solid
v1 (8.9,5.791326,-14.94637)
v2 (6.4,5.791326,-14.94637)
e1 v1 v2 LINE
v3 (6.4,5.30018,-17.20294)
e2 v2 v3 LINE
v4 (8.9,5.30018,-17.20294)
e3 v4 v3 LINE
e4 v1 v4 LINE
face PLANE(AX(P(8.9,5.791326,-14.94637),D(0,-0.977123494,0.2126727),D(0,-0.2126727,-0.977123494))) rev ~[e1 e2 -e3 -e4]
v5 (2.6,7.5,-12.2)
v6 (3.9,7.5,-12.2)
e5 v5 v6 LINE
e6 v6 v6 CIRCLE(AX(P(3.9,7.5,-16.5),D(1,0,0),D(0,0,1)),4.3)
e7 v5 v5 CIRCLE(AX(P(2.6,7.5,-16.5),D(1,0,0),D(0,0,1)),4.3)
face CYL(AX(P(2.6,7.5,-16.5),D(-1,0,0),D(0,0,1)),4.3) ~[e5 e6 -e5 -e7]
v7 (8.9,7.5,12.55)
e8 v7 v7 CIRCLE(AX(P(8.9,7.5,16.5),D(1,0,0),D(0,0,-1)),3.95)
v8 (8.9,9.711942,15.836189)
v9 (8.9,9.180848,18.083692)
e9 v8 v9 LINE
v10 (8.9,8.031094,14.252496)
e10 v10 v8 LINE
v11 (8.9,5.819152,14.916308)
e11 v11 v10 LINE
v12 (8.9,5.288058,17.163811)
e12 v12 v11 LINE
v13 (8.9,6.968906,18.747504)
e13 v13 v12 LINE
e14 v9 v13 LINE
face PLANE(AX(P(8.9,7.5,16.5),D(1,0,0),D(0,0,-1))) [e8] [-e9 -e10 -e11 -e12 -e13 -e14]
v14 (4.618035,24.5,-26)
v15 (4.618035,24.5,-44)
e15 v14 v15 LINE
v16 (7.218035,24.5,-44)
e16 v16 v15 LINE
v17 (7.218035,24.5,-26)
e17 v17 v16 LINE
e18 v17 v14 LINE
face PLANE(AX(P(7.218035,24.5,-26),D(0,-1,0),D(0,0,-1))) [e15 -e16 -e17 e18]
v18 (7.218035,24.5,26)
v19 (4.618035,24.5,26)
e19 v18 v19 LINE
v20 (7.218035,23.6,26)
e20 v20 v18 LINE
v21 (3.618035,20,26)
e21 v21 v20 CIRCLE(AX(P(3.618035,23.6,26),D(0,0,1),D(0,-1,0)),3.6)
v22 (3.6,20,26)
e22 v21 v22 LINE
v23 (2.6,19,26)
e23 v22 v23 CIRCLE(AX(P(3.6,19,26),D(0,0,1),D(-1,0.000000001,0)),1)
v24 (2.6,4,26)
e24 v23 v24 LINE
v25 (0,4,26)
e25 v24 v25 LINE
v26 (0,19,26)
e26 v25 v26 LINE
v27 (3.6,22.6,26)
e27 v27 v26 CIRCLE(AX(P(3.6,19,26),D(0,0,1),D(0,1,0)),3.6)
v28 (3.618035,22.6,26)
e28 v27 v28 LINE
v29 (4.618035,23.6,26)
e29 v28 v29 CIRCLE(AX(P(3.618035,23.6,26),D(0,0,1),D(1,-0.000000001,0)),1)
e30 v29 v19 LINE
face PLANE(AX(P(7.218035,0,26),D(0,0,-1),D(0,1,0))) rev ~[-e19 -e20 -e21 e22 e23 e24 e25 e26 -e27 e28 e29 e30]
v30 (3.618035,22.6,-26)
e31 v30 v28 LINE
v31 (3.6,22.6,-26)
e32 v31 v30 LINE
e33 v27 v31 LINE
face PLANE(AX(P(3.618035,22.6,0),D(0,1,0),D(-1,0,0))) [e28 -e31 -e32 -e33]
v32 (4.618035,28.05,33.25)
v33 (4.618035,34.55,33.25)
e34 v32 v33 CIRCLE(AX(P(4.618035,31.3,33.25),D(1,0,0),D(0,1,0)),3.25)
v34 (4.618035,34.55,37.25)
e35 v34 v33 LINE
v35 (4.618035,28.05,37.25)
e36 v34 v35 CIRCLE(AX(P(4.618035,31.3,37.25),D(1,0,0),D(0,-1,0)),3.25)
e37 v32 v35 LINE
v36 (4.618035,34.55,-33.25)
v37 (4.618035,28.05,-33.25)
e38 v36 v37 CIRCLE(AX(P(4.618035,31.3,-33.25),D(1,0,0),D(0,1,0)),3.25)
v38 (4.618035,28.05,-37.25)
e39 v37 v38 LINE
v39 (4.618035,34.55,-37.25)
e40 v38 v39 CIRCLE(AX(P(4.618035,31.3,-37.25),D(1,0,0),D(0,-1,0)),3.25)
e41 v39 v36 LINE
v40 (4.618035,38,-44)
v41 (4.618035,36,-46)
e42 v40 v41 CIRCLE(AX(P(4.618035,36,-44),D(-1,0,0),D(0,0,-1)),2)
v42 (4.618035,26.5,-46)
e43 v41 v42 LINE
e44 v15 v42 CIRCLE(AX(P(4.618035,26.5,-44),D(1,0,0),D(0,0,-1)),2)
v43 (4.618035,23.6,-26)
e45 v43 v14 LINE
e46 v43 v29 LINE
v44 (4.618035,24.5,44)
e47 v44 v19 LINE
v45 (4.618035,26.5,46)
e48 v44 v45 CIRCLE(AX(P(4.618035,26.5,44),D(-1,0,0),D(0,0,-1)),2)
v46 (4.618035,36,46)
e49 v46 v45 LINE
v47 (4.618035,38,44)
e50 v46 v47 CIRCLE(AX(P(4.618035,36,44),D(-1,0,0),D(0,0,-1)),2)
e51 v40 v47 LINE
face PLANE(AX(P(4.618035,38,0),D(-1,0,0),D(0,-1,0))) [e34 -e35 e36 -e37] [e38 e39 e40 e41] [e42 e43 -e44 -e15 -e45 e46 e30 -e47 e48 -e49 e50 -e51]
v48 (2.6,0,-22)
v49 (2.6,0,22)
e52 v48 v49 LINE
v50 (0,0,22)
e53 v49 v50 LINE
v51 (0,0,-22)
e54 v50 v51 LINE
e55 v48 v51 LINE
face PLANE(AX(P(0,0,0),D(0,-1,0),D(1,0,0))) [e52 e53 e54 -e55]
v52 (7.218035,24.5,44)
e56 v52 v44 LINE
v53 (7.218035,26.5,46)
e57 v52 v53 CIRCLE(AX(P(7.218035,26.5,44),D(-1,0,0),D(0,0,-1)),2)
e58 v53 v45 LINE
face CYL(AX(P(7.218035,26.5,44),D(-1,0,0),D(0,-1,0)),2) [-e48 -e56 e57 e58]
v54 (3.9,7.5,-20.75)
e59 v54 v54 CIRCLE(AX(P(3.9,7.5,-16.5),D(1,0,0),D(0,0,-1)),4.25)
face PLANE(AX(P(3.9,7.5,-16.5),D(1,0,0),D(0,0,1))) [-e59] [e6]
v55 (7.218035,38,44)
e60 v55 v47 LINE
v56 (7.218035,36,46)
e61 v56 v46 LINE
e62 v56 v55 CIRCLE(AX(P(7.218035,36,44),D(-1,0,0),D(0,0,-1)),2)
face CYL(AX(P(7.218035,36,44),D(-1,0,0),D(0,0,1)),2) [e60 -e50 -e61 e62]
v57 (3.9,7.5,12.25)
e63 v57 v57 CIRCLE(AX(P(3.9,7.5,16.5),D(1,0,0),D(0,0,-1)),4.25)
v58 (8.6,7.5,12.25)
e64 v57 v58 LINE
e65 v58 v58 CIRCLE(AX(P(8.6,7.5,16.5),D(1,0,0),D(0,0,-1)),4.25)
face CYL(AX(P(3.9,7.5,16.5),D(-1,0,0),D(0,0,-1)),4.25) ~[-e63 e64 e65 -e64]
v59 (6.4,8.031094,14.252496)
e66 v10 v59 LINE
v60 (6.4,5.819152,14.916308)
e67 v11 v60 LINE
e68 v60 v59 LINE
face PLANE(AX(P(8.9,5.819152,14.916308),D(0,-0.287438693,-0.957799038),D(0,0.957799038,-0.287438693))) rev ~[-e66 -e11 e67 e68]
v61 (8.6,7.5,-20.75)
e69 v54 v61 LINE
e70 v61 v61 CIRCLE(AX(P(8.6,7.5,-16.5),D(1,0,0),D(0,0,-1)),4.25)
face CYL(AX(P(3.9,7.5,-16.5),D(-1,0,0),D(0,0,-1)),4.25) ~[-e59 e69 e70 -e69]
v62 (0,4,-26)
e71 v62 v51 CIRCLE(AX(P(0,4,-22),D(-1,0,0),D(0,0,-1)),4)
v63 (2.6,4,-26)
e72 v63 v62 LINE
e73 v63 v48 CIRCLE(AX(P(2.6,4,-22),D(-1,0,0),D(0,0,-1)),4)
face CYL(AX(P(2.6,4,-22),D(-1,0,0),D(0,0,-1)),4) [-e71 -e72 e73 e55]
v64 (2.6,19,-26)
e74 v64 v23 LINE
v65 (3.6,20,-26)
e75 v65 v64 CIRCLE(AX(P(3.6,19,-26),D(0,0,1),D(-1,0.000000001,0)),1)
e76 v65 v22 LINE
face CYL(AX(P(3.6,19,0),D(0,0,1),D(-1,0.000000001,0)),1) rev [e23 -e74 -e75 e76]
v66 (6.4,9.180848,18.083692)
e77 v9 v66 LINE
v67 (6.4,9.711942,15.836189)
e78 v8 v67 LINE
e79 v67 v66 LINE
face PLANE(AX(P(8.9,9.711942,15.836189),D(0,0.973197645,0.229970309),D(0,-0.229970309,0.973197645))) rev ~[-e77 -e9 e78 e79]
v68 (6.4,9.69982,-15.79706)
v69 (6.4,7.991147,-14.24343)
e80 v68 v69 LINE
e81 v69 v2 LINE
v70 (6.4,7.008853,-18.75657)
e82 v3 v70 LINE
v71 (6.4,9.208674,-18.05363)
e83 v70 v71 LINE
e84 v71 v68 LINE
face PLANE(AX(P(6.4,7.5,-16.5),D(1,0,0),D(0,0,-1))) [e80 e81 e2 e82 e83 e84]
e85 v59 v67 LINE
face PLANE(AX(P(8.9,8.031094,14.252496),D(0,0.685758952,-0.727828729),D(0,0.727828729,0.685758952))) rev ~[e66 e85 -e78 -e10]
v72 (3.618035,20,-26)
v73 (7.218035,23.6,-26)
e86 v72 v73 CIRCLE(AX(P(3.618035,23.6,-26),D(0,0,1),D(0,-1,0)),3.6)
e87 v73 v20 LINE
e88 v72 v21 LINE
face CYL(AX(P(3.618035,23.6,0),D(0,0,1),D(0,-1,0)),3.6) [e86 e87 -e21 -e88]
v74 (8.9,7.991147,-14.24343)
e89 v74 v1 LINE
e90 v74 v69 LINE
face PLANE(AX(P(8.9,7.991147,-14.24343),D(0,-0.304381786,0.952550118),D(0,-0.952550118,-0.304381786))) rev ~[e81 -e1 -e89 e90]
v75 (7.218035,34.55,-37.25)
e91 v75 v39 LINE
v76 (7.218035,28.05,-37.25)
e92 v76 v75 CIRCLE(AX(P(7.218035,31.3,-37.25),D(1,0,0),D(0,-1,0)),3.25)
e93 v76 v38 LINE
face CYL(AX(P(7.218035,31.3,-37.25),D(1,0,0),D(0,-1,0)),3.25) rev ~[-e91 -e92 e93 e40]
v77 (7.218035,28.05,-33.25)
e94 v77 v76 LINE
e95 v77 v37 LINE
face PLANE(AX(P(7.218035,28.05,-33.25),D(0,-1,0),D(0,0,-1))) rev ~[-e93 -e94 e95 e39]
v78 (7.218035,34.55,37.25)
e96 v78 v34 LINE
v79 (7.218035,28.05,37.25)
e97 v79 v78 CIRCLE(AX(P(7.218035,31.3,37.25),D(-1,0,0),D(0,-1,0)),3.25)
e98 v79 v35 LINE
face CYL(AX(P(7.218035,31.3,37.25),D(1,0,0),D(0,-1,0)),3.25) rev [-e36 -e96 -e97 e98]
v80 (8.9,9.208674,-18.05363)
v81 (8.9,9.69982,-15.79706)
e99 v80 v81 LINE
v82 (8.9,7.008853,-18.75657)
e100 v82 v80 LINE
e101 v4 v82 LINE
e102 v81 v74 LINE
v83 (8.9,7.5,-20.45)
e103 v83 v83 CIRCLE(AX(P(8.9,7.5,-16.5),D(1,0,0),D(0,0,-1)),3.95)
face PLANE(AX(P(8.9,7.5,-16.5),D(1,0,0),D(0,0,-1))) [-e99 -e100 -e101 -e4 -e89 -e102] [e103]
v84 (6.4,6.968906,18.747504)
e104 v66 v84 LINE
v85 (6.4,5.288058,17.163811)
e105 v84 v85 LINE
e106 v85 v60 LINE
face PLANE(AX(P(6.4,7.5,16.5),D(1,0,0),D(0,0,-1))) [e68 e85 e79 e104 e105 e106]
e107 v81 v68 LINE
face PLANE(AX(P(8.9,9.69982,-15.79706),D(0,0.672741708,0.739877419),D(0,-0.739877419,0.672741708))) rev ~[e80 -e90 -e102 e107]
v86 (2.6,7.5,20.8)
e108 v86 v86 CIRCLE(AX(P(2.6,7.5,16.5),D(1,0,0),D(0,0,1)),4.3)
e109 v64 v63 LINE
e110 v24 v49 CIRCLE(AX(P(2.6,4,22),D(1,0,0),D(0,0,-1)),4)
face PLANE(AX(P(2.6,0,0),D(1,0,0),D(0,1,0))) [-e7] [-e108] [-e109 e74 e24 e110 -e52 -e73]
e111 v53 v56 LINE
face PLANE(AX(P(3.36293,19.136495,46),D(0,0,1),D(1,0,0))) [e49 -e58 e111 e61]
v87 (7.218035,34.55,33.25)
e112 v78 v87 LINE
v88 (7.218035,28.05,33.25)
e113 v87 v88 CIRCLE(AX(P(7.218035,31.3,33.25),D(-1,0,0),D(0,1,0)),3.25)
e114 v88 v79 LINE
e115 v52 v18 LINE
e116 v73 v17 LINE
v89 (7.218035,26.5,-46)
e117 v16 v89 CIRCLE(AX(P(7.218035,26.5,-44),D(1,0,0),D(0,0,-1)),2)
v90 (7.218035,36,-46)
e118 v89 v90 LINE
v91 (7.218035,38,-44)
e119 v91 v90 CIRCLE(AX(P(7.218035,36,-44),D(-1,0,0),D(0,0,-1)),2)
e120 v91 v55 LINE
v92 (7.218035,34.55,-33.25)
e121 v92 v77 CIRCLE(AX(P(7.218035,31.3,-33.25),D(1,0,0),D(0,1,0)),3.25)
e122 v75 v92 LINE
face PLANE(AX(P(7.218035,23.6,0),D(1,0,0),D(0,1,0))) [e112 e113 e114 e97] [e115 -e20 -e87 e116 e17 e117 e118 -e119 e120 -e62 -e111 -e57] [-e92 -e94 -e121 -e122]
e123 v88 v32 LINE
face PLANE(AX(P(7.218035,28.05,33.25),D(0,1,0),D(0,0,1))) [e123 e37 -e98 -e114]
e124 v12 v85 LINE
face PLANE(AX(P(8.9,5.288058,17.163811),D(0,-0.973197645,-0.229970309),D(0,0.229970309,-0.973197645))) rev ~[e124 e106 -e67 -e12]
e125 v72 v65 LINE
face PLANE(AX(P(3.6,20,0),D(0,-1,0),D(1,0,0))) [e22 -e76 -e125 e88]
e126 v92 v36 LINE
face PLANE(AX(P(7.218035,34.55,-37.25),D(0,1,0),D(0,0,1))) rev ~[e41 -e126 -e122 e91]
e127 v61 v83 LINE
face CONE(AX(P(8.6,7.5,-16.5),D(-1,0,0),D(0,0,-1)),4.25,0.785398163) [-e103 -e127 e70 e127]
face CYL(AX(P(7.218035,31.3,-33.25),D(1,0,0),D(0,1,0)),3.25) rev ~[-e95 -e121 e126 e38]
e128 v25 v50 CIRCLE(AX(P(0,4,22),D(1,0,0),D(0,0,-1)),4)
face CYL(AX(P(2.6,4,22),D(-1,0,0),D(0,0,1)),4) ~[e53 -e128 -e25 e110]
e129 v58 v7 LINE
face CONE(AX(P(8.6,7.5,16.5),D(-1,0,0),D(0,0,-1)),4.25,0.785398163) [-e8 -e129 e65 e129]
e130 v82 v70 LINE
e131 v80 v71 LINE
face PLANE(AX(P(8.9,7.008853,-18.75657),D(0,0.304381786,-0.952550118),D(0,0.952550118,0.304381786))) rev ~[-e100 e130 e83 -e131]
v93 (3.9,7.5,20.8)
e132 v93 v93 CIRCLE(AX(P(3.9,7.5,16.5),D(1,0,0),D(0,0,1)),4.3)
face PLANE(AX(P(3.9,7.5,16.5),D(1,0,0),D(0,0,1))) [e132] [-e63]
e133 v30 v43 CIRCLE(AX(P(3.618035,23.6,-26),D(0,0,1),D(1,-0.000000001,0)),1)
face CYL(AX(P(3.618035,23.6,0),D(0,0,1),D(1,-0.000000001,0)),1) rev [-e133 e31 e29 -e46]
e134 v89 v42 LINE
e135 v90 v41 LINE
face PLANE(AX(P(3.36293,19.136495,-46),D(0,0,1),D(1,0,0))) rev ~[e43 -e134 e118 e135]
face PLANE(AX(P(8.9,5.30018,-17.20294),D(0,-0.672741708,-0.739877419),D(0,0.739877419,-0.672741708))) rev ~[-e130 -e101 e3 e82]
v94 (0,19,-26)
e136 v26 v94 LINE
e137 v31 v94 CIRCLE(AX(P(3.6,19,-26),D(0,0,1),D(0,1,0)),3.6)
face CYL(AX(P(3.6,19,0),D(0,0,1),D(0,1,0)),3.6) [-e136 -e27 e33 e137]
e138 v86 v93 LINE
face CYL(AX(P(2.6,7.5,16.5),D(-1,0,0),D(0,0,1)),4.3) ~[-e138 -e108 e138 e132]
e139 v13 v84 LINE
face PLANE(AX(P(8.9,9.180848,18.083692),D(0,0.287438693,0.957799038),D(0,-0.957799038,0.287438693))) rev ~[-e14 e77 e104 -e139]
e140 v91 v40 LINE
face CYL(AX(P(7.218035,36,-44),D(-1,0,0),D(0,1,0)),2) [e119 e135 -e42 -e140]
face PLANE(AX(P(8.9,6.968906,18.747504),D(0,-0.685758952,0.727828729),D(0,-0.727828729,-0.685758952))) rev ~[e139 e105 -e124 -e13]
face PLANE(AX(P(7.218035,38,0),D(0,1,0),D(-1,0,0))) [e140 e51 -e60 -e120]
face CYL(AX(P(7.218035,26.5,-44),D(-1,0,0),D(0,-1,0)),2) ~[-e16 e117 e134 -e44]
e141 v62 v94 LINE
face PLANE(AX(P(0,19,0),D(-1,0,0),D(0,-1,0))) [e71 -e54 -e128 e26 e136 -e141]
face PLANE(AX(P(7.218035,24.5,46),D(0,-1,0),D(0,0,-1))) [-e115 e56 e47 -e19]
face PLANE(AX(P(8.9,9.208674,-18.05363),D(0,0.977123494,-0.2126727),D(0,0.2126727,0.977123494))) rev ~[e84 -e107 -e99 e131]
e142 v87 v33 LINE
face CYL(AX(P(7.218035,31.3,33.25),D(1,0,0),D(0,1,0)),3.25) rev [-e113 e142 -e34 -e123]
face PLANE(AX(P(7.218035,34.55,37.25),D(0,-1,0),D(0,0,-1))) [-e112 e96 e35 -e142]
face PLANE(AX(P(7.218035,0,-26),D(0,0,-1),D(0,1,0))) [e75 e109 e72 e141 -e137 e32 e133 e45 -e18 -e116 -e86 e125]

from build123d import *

# Parameters (mm, degrees)
BOSS_EXTRUDE1_DEPTH = 46
CUT_EXTRUDE1_REACH  = 62.101
SKETCH2_W           = 20
SKETCH2_H           = 24.5
FILLET1_R           = 2
FILLET2_R           = 4
CUT_EXTRUDE2_REACH  = 62.101
SKETCH4_R           = 4.3
BOSS_EXTRUDE2_DEPTH = 1.3
SKETCH5_R           = 4.25
BOSS_EXTRUDE3_DEPTH = 5
CHAMFER1_SIZE       = 0.3
CUT_EXTRUDE3_DEPTH  = 2.5


with BuildPart() as part:
    # Sketch1 → Boss-Extrude1 (new, symmetric)
    with BuildSketch(Plane.XY):
        with BuildLine():
            Line((0, 0), (2.6, 0))
            Line((2.6, 0), (2.6, 19))
            ThreePointArc((2.6, 19), (2.892893219, 19.707106781), (3.6, 20))
            Line((3.6, 20), (3.618034897, 20))
            ThreePointArc((3.618034897, 20), (6.16361931, 21.054415588), (7.218034897, 23.6))
            Line((7.218034897, 23.6), (7.218034897, 38))
            Line((7.218034897, 38), (4.618034897, 38))
            Line((4.618034897, 38), (4.618034897, 23.6))
            ThreePointArc((4.618034897, 23.6), (4.325141678, 22.892893219), (3.618034897, 22.6))
            Line((3.618034897, 22.6), (3.6, 22.6))
            ThreePointArc((3.6, 22.6), (1.054415588, 21.545584412), (0, 19))
            Line((0, 19), (0, 0))
        make_face()
    extrude(amount=BOSS_EXTRUDE1_DEPTH, both=True)

    # Sketch2 → Cut-Extrude1 (cut, up to next)
    with BuildSketch(Plane(origin=(7.218034897, 0, 0), x_dir=(0, 0, -1), z_dir=(1, 0, 0)), mode=Mode.PRIVATE) as cut_extrude1_sk1:
        with Locations((-36, 12.25)):
            Rectangle(SKETCH2_W, SKETCH2_H)
    cut_extrude1_tool1 = extrude(cut_extrude1_sk1.sketch, amount=-CUT_EXTRUDE1_REACH, mode=Mode.PRIVATE) & part.part
    # Sketch2 → Cut-Extrude1 (cut, up to next)
    with BuildSketch(Plane(origin=(7.218034897, 0, 0), x_dir=(0, 0, -1), z_dir=(1, 0, 0)), mode=Mode.PRIVATE) as cut_extrude1_sk2:
        with Locations((36, 12.25)):
            Rectangle(SKETCH2_W, SKETCH2_H)
    cut_extrude1_tool2 = extrude(cut_extrude1_sk2.sketch, amount=-CUT_EXTRUDE1_REACH, mode=Mode.PRIVATE) & part.part
    add(cut_extrude1_tool1.solids().sort_by_distance((7.218035, 12.25, 36))[0], mode=Mode.SUBTRACT)
    add(cut_extrude1_tool2.solids().sort_by_distance((7.218035, 12.25, -36))[0], mode=Mode.SUBTRACT)

    # Fillet1
    fillet1_edges = [part.edges().sort_by_distance(p)[0] for p in [
        (5.918034897, 38, -46),
        (5.918034897, 38, 46),
        (5.918034897, 24.5, 46),
        (5.918034897, 24.5, -46),
    ]]
    fillet(fillet1_edges, radius=FILLET1_R)

    # Fillet2
    fillet2_edges = [part.edges().sort_by_distance(p)[0] for p in [
        (1.3, 0, 26),
        (1.3, 0, -26),
    ]]
    fillet(fillet2_edges, radius=FILLET2_R)

    # Sketch3 → Cut-Extrude2 (cut, up to next)
    with BuildSketch(Plane(origin=(7.218034897, 0, 0), x_dir=(0, 0, -1), z_dir=(1, 0, 0)), mode=Mode.PRIVATE) as cut_extrude2_sk1:
        with BuildLine():
            Line((-37.25, 34.55), (-33.25, 34.55))
            ThreePointArc((-33.25, 34.55), (-30, 31.3), (-33.25, 28.05))
            Line((-33.25, 28.05), (-37.25, 28.05))
            ThreePointArc((-37.25, 28.05), (-40.5, 31.3), (-37.25, 34.55))
        make_face()
    cut_extrude2_tool1 = extrude(cut_extrude2_sk1.sketch, amount=-CUT_EXTRUDE2_REACH, mode=Mode.PRIVATE) & part.part
    # Sketch3 → Cut-Extrude2 (cut, up to next)
    with BuildSketch(Plane(origin=(7.218034897, 0, 0), x_dir=(0, 0, -1), z_dir=(1, 0, 0)), mode=Mode.PRIVATE) as cut_extrude2_sk2:
        with BuildLine():
            Line((37.25, 34.55), (33.25, 34.55))
            ThreePointArc((33.25, 34.55), (30, 31.3), (33.25, 28.05))
            Line((33.25, 28.05), (37.25, 28.05))
            ThreePointArc((37.25, 28.05), (40.5, 31.3), (37.25, 34.55))
        make_face()
    cut_extrude2_tool2 = extrude(cut_extrude2_sk2.sketch, amount=-CUT_EXTRUDE2_REACH, mode=Mode.PRIVATE) & part.part
    add(cut_extrude2_tool1.solids().sort_by_distance((7.218035, 31.3, 35.25))[0], mode=Mode.SUBTRACT)
    add(cut_extrude2_tool2.solids().sort_by_distance((7.218035, 31.3, -35.25))[0], mode=Mode.SUBTRACT)

    # Sketch4 → Boss-Extrude2 (add)
    with BuildSketch(Plane(origin=(2.6, 0, 0), x_dir=(0, 0, -1), z_dir=(1, 0, 0))):
        with Locations(Location((-16.5, 7.5, 0), (0, 0, 180))):
            Circle(SKETCH4_R)
        with Locations(Location((16.5, 7.5, 0), (0, 0, 180))):
            Circle(SKETCH4_R)
    extrude(amount=BOSS_EXTRUDE2_DEPTH)

    # Sketch5 → Boss-Extrude3 (add)
    with BuildSketch(Plane(origin=(3.9, 0, 0), x_dir=(0, 0, -1), z_dir=(1, 0, 0))):
        with Locations((-16.5, 7.5)):
            Circle(SKETCH5_R)
        with Locations((16.5, 7.5)):
            Circle(SKETCH5_R)
    extrude(amount=BOSS_EXTRUDE3_DEPTH)

    # Chamfer1
    chamfer1_edges = [part.edges().sort_by_distance(p)[0] for p in [
        (8.9, 7.5, 20.75),
        (8.9, 7.5, -12.25),
    ]]
    chamfer(chamfer1_edges, length=CHAMFER1_SIZE)

    # Sketch6 → Cut-Extrude3 (cut)
    with BuildSketch(Plane(origin=(8.9, 0, 0), x_dir=(0, 0, -1), z_dir=(1, 0, 0))):
        Polygon((-14.916307537, 5.819151549), (-14.25249631, 8.03109368), (-15.836188773, 9.711942131), (-18.083692463, 9.180848451), (-18.74750369, 6.96890632), (-17.163811227, 5.288057869), align=None)
        Polygon((14.946369576, 5.791326293), (17.202939625, 5.300179731), (18.756570049, 7.008853438), (18.053630424, 9.208673707), (15.797060375, 9.699820269), (14.243429951, 7.991146562), align=None)
    extrude(amount=-CUT_EXTRUDE3_DEPTH, mode=Mode.SUBTRACT)


solid = part.part
